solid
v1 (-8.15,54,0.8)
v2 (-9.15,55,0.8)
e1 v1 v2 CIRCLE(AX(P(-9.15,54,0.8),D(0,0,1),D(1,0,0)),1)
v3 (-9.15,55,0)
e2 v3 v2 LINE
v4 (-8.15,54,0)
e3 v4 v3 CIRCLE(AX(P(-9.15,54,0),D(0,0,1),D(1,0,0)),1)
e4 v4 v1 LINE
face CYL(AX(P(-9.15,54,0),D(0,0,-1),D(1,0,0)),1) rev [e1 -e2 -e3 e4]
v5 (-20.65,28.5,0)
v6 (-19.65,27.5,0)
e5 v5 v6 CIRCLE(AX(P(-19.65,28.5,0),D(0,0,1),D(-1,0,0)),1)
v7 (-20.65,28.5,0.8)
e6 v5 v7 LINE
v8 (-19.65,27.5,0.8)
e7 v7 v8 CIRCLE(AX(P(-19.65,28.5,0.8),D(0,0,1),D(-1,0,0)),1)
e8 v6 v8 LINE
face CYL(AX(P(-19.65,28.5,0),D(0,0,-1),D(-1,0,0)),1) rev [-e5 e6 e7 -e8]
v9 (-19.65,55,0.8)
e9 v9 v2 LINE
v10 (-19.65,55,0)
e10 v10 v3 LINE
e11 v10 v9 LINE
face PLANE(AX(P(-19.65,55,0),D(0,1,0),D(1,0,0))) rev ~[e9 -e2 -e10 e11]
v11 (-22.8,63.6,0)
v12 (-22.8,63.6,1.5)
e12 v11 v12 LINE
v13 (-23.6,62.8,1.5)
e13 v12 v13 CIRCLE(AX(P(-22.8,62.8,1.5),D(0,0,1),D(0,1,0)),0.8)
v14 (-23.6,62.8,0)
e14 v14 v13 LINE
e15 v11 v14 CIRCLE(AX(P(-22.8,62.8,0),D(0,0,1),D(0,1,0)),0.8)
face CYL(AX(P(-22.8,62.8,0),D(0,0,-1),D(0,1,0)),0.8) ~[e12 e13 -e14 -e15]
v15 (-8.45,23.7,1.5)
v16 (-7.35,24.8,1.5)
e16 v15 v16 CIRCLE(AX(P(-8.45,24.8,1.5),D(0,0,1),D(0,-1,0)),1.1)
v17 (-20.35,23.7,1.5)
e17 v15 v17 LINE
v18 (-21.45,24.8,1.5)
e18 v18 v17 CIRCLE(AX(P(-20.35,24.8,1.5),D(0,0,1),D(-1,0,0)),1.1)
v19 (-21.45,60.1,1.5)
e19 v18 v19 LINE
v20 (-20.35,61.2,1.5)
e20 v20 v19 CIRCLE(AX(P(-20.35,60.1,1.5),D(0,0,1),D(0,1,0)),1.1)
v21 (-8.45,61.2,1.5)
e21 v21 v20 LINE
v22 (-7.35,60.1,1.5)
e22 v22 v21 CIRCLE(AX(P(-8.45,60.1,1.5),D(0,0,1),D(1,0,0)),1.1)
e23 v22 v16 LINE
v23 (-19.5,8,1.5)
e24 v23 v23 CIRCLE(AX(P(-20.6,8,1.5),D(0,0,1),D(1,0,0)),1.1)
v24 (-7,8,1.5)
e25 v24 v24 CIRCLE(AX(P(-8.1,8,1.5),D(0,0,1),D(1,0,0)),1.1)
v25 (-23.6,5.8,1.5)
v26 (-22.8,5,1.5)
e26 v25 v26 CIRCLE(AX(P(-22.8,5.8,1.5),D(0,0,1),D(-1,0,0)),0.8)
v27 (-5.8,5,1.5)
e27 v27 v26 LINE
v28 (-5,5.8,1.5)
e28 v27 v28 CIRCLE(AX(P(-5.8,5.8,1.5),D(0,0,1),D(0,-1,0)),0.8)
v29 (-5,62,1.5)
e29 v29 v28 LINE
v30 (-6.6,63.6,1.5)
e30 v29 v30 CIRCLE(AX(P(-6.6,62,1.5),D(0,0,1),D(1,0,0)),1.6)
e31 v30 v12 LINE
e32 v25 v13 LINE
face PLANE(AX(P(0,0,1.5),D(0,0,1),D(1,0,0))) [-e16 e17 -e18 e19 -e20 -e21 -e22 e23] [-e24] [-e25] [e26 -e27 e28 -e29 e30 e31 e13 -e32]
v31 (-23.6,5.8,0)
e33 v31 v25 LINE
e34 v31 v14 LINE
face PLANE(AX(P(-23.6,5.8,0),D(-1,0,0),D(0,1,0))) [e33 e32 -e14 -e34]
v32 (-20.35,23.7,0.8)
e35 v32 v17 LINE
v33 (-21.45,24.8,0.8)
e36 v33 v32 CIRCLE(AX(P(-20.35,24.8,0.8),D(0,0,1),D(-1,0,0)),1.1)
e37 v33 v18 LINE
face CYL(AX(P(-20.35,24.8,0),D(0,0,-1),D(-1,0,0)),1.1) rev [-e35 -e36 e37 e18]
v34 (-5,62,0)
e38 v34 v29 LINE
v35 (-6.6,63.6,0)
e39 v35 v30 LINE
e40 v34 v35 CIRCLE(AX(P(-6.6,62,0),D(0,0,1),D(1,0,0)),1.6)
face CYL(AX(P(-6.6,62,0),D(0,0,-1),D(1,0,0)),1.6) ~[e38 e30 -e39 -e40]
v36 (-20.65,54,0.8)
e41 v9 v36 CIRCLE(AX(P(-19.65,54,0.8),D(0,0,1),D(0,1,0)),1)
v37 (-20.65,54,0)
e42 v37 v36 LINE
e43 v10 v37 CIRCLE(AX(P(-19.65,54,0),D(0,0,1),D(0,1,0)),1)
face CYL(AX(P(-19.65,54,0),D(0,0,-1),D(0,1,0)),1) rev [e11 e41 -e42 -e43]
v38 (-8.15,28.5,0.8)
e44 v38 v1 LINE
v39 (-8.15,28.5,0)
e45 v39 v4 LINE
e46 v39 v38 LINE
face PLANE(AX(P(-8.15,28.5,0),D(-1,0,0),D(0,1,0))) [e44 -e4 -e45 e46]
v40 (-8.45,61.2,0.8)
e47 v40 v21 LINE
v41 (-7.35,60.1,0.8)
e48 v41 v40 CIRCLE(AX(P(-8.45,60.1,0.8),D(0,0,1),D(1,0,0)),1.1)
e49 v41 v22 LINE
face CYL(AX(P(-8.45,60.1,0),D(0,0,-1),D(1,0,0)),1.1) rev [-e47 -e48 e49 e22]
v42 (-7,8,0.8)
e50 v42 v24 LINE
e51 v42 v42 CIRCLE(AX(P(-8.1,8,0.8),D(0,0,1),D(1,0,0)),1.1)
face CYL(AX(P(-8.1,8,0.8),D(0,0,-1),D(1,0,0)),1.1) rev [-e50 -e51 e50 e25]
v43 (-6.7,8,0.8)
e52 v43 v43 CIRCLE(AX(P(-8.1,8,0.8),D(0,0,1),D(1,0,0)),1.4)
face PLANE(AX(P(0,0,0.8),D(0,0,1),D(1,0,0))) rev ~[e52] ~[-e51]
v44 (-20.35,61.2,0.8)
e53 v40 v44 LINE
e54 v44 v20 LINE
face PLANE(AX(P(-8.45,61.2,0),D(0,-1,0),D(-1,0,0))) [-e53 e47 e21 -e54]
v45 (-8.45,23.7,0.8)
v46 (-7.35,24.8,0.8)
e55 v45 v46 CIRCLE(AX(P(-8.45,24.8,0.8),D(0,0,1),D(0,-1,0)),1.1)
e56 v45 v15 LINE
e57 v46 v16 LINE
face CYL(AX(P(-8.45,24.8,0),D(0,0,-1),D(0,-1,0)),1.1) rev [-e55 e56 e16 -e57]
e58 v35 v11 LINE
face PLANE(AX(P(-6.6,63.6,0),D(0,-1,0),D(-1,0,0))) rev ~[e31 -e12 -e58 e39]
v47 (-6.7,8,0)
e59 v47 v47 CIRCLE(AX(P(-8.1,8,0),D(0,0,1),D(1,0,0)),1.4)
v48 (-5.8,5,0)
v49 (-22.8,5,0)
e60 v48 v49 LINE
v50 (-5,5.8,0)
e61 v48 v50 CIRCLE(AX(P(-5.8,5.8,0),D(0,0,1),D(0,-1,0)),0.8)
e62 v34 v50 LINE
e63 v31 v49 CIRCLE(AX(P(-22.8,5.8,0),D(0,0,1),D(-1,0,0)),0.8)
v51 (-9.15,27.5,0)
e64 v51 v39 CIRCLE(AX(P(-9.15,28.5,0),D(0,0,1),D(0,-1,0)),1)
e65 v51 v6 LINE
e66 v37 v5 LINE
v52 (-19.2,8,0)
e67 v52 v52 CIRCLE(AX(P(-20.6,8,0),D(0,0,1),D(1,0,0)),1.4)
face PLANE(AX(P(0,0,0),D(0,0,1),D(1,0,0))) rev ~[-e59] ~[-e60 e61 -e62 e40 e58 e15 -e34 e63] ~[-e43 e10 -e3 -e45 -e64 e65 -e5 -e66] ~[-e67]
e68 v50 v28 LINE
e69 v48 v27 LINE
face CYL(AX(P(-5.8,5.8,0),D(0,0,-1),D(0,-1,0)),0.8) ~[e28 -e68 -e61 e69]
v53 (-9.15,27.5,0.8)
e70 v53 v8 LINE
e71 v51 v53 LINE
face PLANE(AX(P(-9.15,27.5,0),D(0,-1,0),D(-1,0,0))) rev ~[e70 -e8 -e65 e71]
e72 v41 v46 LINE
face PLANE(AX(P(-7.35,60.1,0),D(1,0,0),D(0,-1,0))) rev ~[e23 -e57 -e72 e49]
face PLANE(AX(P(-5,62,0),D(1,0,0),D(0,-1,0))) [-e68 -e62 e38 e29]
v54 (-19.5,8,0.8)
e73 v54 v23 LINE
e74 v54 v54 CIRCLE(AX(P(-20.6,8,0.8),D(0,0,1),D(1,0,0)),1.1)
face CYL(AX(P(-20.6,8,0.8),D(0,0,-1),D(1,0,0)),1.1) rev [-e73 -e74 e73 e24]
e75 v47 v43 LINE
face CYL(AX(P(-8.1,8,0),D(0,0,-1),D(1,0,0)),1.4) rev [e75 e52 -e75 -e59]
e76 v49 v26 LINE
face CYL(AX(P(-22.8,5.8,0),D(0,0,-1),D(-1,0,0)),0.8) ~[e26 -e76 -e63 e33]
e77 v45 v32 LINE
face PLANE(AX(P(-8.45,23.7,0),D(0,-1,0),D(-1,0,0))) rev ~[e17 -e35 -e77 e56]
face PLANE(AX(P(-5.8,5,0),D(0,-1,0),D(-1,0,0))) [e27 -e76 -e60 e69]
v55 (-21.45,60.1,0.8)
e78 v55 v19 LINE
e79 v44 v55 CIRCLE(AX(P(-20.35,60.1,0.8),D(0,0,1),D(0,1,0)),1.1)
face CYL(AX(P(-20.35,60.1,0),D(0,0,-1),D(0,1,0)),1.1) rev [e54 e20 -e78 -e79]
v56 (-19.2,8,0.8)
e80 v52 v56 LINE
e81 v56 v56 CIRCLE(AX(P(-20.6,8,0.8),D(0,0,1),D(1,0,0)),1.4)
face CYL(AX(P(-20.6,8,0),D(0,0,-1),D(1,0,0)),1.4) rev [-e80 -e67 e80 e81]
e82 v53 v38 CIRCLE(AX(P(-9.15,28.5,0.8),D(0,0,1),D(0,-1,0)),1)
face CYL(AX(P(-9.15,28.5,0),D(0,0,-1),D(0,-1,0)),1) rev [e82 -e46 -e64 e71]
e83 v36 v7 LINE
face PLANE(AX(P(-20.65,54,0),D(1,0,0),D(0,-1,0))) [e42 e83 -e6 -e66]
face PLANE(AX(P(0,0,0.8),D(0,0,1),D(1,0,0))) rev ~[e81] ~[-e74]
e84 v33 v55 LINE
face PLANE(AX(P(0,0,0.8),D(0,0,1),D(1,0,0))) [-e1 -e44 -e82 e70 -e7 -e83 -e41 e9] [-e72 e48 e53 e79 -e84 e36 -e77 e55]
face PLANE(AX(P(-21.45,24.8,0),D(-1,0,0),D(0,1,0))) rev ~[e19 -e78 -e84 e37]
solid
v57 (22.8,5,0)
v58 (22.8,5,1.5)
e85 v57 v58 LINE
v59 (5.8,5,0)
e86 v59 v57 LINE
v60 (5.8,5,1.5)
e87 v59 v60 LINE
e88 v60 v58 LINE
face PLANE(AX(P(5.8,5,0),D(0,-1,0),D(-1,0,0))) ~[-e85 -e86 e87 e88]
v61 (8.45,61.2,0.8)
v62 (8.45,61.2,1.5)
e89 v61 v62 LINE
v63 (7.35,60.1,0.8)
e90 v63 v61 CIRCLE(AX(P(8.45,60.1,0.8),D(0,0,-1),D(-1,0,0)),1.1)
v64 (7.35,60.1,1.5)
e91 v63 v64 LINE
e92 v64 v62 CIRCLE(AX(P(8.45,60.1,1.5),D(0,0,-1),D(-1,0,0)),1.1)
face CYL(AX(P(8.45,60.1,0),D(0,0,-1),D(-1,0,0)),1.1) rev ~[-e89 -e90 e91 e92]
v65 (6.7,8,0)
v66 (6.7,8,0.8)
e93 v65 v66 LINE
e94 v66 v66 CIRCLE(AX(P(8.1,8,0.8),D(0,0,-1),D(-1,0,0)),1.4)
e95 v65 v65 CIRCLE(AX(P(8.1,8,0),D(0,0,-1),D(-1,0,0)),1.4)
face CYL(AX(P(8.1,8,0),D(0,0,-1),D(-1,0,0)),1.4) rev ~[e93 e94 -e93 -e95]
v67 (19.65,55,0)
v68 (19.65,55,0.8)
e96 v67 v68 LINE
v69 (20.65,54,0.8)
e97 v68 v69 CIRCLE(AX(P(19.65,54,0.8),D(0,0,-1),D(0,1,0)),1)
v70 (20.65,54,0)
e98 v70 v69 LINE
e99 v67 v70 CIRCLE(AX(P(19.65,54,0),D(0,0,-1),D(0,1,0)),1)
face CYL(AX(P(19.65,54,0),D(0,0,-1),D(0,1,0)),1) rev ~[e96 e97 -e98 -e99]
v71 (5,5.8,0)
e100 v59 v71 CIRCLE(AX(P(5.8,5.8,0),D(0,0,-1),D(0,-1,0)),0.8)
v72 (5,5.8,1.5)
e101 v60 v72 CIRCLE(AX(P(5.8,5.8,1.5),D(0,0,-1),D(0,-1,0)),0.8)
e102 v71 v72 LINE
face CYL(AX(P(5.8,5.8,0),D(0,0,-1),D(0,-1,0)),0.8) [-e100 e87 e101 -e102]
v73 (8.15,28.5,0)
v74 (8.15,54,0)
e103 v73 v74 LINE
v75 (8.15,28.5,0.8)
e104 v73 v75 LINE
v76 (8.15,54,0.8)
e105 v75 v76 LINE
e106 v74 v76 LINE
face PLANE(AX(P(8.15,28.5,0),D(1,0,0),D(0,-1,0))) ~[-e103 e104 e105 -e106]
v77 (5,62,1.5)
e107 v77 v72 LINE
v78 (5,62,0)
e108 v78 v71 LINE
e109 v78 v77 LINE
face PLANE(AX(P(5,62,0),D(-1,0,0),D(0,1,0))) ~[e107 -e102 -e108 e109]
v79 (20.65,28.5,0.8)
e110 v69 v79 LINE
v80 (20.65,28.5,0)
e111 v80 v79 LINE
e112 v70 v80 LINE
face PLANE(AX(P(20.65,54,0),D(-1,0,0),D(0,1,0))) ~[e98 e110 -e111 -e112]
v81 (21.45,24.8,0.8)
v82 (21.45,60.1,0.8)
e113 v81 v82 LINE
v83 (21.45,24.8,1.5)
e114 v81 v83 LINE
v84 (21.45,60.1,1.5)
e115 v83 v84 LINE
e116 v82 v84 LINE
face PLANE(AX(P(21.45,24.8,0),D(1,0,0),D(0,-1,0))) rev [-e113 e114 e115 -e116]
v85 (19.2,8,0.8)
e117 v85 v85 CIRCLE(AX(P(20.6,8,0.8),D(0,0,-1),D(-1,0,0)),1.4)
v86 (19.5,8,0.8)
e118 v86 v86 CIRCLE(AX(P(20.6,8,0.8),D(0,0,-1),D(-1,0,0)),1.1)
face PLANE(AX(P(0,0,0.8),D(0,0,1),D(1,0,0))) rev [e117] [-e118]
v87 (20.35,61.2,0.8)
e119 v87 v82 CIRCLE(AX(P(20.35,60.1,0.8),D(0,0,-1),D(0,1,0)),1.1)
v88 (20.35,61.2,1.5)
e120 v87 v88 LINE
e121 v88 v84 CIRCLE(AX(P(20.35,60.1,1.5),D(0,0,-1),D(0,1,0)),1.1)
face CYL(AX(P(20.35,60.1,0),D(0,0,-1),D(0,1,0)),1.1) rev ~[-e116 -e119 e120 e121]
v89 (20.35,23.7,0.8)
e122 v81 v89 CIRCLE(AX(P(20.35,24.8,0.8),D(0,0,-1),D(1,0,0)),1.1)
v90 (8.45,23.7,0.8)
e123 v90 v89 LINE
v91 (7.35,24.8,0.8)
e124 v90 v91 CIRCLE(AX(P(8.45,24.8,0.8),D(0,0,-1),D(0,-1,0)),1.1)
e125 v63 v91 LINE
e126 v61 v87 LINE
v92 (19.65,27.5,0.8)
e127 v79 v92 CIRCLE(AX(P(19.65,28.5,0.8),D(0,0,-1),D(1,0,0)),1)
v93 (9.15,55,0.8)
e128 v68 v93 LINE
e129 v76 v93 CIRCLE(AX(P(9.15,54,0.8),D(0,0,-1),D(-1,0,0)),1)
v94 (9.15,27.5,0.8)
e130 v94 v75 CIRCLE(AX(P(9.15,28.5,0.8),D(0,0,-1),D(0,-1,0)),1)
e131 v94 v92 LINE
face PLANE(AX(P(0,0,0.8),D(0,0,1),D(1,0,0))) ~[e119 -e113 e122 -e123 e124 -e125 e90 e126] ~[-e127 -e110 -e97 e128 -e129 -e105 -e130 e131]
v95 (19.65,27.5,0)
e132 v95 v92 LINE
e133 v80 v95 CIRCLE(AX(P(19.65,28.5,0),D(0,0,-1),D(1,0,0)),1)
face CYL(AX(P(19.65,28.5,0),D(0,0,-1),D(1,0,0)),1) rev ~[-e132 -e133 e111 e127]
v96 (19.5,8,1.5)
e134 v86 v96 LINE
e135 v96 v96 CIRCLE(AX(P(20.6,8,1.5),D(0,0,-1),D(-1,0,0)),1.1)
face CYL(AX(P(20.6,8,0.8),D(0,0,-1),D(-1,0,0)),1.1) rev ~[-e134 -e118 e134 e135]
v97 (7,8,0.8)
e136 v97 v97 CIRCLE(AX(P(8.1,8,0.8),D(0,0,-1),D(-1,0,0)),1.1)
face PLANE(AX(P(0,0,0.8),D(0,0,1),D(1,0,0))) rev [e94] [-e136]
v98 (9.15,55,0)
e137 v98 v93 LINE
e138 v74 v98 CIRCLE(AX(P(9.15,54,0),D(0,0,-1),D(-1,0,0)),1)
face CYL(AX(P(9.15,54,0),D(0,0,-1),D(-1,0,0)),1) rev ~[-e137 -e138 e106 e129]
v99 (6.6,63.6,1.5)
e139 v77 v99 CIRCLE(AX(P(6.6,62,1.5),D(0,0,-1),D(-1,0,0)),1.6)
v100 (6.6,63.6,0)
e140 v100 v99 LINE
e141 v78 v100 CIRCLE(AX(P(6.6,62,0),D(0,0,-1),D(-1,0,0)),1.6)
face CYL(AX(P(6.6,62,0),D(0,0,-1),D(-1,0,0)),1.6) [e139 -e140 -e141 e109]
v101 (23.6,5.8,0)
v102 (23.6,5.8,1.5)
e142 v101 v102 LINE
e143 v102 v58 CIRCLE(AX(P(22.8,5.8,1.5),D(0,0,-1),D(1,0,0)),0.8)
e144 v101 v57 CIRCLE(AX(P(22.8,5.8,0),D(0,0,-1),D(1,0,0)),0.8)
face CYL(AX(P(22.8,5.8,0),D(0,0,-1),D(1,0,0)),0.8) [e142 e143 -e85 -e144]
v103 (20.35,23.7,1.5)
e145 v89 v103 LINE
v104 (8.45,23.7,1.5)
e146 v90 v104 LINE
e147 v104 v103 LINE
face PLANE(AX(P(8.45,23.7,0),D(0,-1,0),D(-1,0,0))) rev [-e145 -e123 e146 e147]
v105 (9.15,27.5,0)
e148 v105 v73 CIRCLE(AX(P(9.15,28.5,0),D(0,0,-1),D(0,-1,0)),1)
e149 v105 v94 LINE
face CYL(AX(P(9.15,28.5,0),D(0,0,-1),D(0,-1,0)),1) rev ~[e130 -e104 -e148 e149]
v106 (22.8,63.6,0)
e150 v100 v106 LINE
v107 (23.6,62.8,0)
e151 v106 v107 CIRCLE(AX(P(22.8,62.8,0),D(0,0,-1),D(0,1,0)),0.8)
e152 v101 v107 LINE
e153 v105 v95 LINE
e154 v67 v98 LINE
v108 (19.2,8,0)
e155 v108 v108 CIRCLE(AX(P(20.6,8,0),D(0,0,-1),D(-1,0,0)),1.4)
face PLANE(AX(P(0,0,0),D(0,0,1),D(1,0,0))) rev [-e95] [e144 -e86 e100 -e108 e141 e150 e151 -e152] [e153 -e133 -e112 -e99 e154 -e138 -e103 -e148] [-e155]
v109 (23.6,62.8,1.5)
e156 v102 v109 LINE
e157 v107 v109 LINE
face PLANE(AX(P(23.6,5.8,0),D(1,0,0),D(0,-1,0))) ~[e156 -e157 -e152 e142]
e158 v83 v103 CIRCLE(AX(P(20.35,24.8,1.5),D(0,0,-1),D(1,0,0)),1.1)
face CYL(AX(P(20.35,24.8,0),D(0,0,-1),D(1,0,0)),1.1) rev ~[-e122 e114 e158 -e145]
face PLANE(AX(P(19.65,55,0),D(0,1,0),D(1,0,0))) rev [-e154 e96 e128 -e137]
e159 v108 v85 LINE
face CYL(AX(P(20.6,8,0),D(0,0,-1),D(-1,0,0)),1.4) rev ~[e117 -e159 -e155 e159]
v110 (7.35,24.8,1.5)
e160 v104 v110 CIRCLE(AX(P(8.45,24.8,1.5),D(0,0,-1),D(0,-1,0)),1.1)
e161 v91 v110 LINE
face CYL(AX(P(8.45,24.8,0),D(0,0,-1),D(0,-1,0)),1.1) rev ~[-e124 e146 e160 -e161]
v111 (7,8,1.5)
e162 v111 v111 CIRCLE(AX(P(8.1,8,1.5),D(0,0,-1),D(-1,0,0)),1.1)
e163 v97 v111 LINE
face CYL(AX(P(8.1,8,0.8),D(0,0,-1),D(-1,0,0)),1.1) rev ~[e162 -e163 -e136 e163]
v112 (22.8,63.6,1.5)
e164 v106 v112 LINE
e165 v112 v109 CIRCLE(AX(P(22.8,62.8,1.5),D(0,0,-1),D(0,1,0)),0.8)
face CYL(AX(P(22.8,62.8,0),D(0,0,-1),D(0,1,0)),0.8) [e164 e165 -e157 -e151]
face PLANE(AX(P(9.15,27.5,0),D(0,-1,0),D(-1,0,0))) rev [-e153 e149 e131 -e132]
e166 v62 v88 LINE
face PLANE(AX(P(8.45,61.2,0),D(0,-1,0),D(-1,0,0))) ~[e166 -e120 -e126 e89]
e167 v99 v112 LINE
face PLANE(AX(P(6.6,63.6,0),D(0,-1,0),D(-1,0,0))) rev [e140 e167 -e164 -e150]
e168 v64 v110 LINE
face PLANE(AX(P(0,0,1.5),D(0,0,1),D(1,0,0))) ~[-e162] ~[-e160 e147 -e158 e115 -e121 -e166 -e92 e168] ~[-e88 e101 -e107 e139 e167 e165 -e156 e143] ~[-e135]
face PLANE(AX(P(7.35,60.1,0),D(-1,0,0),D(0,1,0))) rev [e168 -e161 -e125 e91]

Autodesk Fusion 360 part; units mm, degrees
sketch "mriya-display-cover" plane through (0, 0, 0) normal (0, 0, 1) x (1, 0, 0)
  circle A0 centre (-20.6, 8) radius 1.1
  circle A1 centre (-8.1, 8) radius 1.1
  circle A2 centre (-20.6, 8) radius 1.4
  circle A3 centre (-8.1, 8) radius 1.4
  line L0 (-21.45, 24.8) -> (-21.45, 60.1)
  line L1 (-8.45, 23.7) -> (-20.35, 23.7)
  line L2 (-9.15, 27.5) -> (-19.65, 27.5)
  line L3 (-19.65, 55) -> (-9.15, 55)
  line L4 (-8.45, 61.2) -> (-20.35, 61.2)
  line L5 (-20.65, 54) -> (-20.65, 28.5)
  line L6 (-8.15, 28.5) -> (-8.15, 54)
  line L7 (-7.35, 60.1) -> (-7.35, 24.8)
  line L8 (-23.6, 5.8) -> (-23.6, 62.7) construction
  line L9 (-6.6, 63.6) -> (-22.8, 63.6)
  line L10 (-5, 62) -> (-5, 5.8)
  line L11 (-22.8, 5) -> (-5.9, 5) construction
  line L12 (-5.1, 62) -> (-5.1, 5.8) construction
  line L13 (-6.6, 63.5) -> (-22.8, 63.5) construction
  arc A4 (-5.1, 62) -> (-6.6, 63.5) centre (-6.6, 62) ccw construction
  arc A5 (-22.8, 63.5) -> (-23.6, 62.7) centre (-22.8, 62.7) ccw construction
  arc A6 (-23.6, 5.8) -> (-22.8, 5) centre (-22.8, 5.8) ccw construction
  arc A7 (-5.9, 5) -> (-5.1, 5.8) centre (-5.9, 5.8) ccw construction
  line L14 (-5.8, 5) -> (-22.8, 5)
  line L15 (-23.6, 5.8) -> (-23.6, 62.8)
  arc A8 (-22.8, 63.6) -> (-23.6, 62.8) centre (-22.8, 62.8) ccw
  arc A9 (-5, 62) -> (-6.6, 63.6) centre (-6.6, 62) ccw
  arc A10 (-5.8, 5) -> (-5, 5.8) centre (-5.8, 5.8) ccw
  arc A11 (-23.6, 5.8) -> (-22.8, 5) centre (-22.8, 5.8) ccw
  arc A12 (-19.65, 55) -> (-20.65, 54) centre (-19.65, 54) ccw
  arc A13 (-8.15, 54) -> (-9.15, 55) centre (-9.15, 54) ccw
  arc A14 (-20.65, 28.5) -> (-19.65, 27.5) centre (-19.65, 28.5) ccw
  arc A15 (-9.15, 27.5) -> (-8.15, 28.5) centre (-9.15, 28.5) ccw
  arc A16 (-21.45, 24.8) -> (-20.35, 23.7) centre (-20.35, 24.8) ccw
  arc A17 (-8.45, 23.7) -> (-7.35, 24.8) centre (-8.45, 24.8) ccw
  line L16 (-5.7, 26.1) -> (-5.7, 62) construction
  line L17 (-18.5, 62.9) -> (-6.6, 62.9) construction
  arc A18 (-19.1, 63.5) -> (-18.5, 62.9) centre (-18.5, 63.5) ccw construction
  arc A19 (-5.7, 26.1) -> (-5.1, 25.5) centre (-5.1, 26.1) ccw construction
  arc A20 (-5.7, 62) -> (-6.6, 62.9) centre (-6.6, 62) ccw construction
  circle A21 centre (-14.4, 14.5) radius 5 construction
  circle A22 centre (-20.6, 20.5) radius 1.7 construction
  circle A23 centre (-8.1, 20.5) radius 1.7 construction
  arc A24 (-20.35, 61.2) -> (-21.45, 60.1) centre (-20.35, 60.1) ccw
  arc A25 (-7.35, 60.1) -> (-8.45, 61.2) centre (-8.45, 60.1) ccw
  dimension "d8" = 2.2
  dimension "d9" = 2.2
  dimension "d17" = 2.8
  dimension "d18" = 2.8
  dimension "d585" = 10
  dimension "d588" = 3.4
  dimension "d589" = 3.4
extrude "Extrude75" add sketch "mriya-display-cover" along normal blind 1.5 contours L9 L10 L14 L15 A8 A9 A10 A11 makes body 1
extrude "Extrude76" add sketch "mriya-display-cover" along normal blind 0.8 contours L0 L1 L4 L7 A16 A17 A24 A25 bodies 1
extrude "Extrude77" add sketch "mriya-display-cover" along normal blind 0.7 from surface at 0.8 contours A2 | A3 bodies 1
mirror "Mirror9" about plane through (0, 0, 0) normal (1, 0, 0) of bodies 1 makes body 2
